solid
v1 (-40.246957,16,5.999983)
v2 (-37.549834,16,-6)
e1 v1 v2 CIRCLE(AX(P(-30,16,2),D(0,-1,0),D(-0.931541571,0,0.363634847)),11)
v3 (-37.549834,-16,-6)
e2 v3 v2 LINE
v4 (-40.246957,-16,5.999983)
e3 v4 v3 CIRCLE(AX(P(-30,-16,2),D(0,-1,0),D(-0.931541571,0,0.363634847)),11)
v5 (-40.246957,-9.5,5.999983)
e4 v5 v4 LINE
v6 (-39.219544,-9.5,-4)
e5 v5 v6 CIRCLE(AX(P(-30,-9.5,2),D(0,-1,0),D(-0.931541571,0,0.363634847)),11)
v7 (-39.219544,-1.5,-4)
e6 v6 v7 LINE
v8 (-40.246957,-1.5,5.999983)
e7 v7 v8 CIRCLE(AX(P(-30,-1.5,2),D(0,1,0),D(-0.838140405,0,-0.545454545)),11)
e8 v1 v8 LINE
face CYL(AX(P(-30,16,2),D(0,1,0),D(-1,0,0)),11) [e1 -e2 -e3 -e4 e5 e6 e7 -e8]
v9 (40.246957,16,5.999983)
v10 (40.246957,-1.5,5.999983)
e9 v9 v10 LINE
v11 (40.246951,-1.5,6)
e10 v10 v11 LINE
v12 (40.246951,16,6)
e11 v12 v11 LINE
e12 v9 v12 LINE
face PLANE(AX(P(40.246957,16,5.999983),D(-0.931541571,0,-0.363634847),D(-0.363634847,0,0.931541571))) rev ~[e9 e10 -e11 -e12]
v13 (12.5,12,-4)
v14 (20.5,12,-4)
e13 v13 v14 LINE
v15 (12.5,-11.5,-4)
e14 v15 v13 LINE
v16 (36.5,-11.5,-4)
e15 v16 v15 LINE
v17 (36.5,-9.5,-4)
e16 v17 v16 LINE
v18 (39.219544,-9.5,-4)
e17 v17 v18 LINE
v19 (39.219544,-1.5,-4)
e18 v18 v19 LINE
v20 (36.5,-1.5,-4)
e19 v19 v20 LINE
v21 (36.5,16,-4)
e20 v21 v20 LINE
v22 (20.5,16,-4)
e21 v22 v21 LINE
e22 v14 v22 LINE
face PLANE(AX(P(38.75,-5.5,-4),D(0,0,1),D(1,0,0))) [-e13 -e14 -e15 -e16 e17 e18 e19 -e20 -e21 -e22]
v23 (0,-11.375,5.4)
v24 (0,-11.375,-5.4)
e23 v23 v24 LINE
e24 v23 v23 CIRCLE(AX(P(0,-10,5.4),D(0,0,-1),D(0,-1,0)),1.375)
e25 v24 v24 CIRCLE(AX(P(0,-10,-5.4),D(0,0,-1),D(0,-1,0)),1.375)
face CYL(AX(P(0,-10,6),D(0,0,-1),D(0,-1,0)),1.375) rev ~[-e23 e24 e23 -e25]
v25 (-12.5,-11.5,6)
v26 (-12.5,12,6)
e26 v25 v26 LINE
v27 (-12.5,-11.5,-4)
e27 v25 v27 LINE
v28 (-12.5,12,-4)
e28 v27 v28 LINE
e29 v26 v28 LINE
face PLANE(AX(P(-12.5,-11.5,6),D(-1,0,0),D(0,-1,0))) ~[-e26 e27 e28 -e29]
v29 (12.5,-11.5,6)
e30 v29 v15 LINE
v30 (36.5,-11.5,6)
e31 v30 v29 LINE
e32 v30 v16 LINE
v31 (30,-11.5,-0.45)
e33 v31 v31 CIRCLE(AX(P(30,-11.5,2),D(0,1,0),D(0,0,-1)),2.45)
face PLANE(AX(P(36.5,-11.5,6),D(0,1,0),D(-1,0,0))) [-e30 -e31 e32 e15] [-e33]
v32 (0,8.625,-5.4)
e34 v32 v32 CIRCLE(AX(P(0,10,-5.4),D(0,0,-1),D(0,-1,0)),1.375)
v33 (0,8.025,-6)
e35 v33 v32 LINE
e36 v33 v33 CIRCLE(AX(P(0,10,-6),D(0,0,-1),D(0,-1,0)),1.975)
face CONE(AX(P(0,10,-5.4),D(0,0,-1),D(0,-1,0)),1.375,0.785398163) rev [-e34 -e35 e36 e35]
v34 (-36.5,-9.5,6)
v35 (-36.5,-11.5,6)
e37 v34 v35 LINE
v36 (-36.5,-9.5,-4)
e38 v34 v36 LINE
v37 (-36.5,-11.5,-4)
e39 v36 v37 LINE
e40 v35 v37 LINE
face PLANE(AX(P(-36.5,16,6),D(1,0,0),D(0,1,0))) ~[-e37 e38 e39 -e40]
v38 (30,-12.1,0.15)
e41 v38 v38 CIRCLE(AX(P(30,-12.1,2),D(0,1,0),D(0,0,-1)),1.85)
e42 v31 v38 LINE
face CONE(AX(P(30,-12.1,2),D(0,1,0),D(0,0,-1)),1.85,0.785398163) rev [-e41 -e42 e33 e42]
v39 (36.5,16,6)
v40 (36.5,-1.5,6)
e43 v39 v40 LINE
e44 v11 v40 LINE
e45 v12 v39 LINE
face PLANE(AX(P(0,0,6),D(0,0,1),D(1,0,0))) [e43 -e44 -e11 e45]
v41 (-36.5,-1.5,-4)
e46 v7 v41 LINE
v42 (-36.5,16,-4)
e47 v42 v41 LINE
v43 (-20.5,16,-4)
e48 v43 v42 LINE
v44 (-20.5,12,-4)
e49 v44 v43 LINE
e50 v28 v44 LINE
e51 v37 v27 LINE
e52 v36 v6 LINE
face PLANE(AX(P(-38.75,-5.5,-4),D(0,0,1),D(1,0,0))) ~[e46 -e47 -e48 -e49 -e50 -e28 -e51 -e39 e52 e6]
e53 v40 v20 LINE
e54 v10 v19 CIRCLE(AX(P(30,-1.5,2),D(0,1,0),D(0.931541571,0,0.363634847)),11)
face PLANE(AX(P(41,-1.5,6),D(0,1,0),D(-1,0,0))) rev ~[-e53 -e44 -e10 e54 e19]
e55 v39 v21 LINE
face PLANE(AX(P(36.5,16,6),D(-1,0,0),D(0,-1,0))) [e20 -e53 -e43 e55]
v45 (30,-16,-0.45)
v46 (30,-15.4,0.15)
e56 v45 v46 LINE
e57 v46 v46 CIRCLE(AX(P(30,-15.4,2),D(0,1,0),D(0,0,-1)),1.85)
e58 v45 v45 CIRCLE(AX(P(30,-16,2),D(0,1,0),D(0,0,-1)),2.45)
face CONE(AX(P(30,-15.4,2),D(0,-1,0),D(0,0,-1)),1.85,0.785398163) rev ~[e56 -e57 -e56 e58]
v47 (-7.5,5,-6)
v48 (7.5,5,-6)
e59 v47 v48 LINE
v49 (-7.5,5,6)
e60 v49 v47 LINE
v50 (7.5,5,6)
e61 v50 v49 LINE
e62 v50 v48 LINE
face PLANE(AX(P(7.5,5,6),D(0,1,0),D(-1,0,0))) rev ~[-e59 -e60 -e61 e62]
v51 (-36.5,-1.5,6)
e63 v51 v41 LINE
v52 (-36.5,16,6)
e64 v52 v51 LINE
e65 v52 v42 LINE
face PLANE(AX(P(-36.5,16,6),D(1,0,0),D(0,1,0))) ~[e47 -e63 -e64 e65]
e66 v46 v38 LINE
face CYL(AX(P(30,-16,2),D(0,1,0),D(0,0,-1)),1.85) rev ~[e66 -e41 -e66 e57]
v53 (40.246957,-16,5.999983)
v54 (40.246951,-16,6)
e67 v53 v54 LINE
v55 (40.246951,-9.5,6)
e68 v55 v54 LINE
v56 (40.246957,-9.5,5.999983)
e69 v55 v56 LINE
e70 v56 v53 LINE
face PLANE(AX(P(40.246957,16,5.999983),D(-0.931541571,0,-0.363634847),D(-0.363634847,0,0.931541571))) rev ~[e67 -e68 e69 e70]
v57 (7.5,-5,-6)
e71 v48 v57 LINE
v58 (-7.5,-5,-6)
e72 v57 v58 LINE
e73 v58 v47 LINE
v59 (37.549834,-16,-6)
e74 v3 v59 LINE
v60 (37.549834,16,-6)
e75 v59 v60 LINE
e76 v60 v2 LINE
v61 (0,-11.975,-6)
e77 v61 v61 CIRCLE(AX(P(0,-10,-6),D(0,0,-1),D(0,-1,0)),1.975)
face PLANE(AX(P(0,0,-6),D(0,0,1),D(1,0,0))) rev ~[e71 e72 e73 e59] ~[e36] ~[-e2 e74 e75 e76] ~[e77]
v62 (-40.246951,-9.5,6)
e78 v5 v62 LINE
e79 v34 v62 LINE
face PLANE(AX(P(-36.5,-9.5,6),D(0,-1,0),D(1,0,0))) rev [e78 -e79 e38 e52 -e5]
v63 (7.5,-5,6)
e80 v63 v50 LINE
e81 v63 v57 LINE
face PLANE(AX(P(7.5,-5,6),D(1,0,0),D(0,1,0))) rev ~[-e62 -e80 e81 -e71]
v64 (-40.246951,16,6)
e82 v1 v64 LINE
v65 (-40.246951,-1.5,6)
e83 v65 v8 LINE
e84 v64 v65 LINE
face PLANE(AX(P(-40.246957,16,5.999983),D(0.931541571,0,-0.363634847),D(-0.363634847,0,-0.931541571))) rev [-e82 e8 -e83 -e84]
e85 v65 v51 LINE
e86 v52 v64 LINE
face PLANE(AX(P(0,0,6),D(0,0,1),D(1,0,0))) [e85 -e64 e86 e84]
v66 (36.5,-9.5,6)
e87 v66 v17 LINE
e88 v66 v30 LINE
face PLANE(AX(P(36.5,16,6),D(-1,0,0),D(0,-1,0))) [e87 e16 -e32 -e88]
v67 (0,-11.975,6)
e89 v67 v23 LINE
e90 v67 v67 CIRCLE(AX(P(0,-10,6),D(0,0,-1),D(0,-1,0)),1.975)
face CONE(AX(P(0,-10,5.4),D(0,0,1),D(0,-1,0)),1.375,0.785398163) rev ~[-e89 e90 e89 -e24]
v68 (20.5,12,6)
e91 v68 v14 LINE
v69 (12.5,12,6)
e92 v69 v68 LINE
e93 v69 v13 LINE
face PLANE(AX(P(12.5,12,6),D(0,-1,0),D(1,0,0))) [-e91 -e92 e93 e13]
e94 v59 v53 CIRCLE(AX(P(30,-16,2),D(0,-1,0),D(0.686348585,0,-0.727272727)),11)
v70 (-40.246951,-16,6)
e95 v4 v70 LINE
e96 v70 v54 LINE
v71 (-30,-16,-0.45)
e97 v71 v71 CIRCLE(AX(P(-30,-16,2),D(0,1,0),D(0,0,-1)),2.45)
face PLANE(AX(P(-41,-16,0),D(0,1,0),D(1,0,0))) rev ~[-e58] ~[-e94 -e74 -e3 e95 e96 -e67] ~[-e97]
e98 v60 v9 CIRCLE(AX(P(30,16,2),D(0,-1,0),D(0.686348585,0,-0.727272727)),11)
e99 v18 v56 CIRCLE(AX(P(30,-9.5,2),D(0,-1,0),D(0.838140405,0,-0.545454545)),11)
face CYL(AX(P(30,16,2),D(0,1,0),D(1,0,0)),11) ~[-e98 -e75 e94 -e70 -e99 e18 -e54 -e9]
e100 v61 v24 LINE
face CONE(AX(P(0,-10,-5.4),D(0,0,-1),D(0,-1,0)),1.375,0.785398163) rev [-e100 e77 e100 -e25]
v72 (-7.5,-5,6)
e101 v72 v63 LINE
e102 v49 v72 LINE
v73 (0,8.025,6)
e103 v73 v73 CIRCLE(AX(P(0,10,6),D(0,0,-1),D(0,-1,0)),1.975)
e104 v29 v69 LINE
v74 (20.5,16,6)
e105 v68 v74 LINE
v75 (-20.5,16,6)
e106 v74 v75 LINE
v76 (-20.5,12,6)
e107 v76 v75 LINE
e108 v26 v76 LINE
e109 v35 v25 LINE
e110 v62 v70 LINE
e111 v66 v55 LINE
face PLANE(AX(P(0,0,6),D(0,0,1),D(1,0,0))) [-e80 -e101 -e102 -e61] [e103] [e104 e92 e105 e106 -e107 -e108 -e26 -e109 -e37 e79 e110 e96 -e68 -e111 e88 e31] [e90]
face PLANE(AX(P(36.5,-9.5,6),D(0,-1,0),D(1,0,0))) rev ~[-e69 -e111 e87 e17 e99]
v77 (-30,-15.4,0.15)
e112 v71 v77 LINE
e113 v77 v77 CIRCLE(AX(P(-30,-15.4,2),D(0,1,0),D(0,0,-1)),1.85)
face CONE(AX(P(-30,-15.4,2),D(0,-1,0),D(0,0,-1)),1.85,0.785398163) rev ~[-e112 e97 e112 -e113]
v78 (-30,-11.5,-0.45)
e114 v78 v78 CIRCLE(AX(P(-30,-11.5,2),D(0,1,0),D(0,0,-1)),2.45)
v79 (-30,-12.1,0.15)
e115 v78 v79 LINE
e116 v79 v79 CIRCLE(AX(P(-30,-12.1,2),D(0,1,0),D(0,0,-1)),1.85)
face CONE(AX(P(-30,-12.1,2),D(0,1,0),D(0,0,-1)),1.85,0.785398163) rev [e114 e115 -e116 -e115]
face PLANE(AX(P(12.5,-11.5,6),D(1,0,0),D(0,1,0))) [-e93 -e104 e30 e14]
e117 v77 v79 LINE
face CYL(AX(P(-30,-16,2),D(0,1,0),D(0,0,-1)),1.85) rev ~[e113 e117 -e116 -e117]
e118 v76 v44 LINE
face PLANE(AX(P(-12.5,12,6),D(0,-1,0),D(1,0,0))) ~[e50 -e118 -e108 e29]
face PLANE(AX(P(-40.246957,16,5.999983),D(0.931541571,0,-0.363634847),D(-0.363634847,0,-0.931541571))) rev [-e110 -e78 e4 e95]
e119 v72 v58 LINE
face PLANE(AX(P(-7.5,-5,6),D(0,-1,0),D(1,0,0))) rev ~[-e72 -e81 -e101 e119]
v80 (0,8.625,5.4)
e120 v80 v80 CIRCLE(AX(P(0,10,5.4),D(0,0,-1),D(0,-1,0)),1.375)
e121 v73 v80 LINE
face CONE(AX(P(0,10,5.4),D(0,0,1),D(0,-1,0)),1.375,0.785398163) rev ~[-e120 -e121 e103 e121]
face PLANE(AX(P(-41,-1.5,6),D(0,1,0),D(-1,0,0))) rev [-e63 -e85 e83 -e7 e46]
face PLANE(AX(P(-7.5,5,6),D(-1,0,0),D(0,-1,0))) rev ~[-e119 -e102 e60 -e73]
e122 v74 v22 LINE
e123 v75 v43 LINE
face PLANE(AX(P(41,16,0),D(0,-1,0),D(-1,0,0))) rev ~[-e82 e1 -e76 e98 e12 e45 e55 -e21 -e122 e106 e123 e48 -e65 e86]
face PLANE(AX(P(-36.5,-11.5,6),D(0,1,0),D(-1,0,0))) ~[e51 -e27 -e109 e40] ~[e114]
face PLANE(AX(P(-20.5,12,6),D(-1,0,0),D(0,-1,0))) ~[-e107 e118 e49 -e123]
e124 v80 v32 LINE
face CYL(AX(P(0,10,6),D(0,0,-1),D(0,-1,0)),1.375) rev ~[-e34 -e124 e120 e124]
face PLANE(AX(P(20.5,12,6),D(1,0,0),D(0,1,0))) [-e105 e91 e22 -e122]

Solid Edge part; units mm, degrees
sketch "Sketch1" plane through (0, 0, 0) normal (0, 0, 1) x (1, 0, 0)
  line L0 (-41, -16) -> (41, -16)
  line L1 (41, -16) -> (41, 16)
  line L2 (41, 16) -> (-41, 16)
  line L3 (-41, 16) -> (-41, -16)
  dimension "D1" = 32
  dimension "D2" = 82
extrude "Protrusion1" add sketch "Sketch1" along normal mid plane 12
sketch "Sketch2" plane through (0, 0, 6) normal (0, 0, 1) x (1, 0, 0)
  line L0 (20.5, 16) -> (36.5, 16)
  line L1 (36.5, 16) -> (36.5, -11.5)
  line L2 (36.5, -11.5) -> (12.5, -11.5)
  line L3 (12.5, -11.5) -> (12.5, 12)
  line L4 (12.5, 12) -> (20.5, 12)
  line L5 (20.5, 12) -> (20.5, 16)
  dimension "D1" = 6.5
  dimension "D2" = 24
  dimension "D3" = 16
  dimension "D4" = 4
  dimension "D5" = 27.5
  dimension "D6" = 30
extrude "v_1_servo_cutout" cut sketch "Sketch2" against normal blind 10
sketch "Sketch3" plane through (0, 0, 6) normal (0, 0, 1) x (0, 1, 0)
  line L0 (-9.5, -36.5) -> (-9.5, -41)
  line L1 (-9.5, -41) -> (-1.5, -41)
  line L2 (-1.5, -41) -> (-1.5, -36.5)
  line L3 (-1.5, -36.5) -> (-9.5, -36.5)
  dimension "D1" = 8
  dimension "D2" = 2
extrude "Cutout1" cut sketch "Sketch3" against normal up to vertex (10 mm away)
sketch "Sketch4" plane through (0, 0, 6) normal (0, 0, 1) x (0, 1, 0)
  line L0 (-5, -7.5) -> (5, -7.5)
  line L1 (5, -7.5) -> (5, 7.5)
  line L2 (5, 7.5) -> (-5, 7.5)
  line L3 (-5, 7.5) -> (-5, -7.5)
  dimension "D1" = 15
  dimension "D2" = 10
extrude "Cutout2" cut sketch "Sketch4" against normal up to next
sketch "Sketch5" plane through (0, 16, 0) normal (0, 1, 0) x (1, 0, 0)
  arc A0 (37.5498, 6) -> (40.247, -6) centre (30, -2) cw
  dimension "D1" = 6
  dimension "D2" = 6.5
extrude "Cutout3" cut sketch "Sketch5" against normal through all material side at (40.781, 16, -0.4232)
mirror "Mirror1" about plane through (0, 0, 0) normal (1, 0, 0) of "v_1_servo_cutout", "Cutout1", "Cutout3"
hole "Hole1" at (30, -16, 2) direction (0, 1, 0) diameter 3.7 depth 30 tip angle 118 start chamfer 0.6 start chamfer angle 45 end chamfer 0.6 end chamfer angle 45
hole "Hole2" at (-30, -16, 2) direction (0, 1, 0) diameter 3.7 depth 30 tip angle 118 start chamfer 0.6 start chamfer angle 45 end chamfer 0.6 end chamfer angle 45
hole "Hole3" at (0, 10, 6) direction (0, 0, -1) diameter 2.75 depth 30 tip angle 118 start chamfer 0.6 start chamfer angle 45 end chamfer 0.6 end chamfer angle 45
hole "Hole4" at (0, -10, 6) direction (0, 0, -1) diameter 2.75 depth 30 tip angle 118 start chamfer 0.6 start chamfer angle 45 end chamfer 0.6 end chamfer angle 45
properties material "Polypropylene, general purpose"
